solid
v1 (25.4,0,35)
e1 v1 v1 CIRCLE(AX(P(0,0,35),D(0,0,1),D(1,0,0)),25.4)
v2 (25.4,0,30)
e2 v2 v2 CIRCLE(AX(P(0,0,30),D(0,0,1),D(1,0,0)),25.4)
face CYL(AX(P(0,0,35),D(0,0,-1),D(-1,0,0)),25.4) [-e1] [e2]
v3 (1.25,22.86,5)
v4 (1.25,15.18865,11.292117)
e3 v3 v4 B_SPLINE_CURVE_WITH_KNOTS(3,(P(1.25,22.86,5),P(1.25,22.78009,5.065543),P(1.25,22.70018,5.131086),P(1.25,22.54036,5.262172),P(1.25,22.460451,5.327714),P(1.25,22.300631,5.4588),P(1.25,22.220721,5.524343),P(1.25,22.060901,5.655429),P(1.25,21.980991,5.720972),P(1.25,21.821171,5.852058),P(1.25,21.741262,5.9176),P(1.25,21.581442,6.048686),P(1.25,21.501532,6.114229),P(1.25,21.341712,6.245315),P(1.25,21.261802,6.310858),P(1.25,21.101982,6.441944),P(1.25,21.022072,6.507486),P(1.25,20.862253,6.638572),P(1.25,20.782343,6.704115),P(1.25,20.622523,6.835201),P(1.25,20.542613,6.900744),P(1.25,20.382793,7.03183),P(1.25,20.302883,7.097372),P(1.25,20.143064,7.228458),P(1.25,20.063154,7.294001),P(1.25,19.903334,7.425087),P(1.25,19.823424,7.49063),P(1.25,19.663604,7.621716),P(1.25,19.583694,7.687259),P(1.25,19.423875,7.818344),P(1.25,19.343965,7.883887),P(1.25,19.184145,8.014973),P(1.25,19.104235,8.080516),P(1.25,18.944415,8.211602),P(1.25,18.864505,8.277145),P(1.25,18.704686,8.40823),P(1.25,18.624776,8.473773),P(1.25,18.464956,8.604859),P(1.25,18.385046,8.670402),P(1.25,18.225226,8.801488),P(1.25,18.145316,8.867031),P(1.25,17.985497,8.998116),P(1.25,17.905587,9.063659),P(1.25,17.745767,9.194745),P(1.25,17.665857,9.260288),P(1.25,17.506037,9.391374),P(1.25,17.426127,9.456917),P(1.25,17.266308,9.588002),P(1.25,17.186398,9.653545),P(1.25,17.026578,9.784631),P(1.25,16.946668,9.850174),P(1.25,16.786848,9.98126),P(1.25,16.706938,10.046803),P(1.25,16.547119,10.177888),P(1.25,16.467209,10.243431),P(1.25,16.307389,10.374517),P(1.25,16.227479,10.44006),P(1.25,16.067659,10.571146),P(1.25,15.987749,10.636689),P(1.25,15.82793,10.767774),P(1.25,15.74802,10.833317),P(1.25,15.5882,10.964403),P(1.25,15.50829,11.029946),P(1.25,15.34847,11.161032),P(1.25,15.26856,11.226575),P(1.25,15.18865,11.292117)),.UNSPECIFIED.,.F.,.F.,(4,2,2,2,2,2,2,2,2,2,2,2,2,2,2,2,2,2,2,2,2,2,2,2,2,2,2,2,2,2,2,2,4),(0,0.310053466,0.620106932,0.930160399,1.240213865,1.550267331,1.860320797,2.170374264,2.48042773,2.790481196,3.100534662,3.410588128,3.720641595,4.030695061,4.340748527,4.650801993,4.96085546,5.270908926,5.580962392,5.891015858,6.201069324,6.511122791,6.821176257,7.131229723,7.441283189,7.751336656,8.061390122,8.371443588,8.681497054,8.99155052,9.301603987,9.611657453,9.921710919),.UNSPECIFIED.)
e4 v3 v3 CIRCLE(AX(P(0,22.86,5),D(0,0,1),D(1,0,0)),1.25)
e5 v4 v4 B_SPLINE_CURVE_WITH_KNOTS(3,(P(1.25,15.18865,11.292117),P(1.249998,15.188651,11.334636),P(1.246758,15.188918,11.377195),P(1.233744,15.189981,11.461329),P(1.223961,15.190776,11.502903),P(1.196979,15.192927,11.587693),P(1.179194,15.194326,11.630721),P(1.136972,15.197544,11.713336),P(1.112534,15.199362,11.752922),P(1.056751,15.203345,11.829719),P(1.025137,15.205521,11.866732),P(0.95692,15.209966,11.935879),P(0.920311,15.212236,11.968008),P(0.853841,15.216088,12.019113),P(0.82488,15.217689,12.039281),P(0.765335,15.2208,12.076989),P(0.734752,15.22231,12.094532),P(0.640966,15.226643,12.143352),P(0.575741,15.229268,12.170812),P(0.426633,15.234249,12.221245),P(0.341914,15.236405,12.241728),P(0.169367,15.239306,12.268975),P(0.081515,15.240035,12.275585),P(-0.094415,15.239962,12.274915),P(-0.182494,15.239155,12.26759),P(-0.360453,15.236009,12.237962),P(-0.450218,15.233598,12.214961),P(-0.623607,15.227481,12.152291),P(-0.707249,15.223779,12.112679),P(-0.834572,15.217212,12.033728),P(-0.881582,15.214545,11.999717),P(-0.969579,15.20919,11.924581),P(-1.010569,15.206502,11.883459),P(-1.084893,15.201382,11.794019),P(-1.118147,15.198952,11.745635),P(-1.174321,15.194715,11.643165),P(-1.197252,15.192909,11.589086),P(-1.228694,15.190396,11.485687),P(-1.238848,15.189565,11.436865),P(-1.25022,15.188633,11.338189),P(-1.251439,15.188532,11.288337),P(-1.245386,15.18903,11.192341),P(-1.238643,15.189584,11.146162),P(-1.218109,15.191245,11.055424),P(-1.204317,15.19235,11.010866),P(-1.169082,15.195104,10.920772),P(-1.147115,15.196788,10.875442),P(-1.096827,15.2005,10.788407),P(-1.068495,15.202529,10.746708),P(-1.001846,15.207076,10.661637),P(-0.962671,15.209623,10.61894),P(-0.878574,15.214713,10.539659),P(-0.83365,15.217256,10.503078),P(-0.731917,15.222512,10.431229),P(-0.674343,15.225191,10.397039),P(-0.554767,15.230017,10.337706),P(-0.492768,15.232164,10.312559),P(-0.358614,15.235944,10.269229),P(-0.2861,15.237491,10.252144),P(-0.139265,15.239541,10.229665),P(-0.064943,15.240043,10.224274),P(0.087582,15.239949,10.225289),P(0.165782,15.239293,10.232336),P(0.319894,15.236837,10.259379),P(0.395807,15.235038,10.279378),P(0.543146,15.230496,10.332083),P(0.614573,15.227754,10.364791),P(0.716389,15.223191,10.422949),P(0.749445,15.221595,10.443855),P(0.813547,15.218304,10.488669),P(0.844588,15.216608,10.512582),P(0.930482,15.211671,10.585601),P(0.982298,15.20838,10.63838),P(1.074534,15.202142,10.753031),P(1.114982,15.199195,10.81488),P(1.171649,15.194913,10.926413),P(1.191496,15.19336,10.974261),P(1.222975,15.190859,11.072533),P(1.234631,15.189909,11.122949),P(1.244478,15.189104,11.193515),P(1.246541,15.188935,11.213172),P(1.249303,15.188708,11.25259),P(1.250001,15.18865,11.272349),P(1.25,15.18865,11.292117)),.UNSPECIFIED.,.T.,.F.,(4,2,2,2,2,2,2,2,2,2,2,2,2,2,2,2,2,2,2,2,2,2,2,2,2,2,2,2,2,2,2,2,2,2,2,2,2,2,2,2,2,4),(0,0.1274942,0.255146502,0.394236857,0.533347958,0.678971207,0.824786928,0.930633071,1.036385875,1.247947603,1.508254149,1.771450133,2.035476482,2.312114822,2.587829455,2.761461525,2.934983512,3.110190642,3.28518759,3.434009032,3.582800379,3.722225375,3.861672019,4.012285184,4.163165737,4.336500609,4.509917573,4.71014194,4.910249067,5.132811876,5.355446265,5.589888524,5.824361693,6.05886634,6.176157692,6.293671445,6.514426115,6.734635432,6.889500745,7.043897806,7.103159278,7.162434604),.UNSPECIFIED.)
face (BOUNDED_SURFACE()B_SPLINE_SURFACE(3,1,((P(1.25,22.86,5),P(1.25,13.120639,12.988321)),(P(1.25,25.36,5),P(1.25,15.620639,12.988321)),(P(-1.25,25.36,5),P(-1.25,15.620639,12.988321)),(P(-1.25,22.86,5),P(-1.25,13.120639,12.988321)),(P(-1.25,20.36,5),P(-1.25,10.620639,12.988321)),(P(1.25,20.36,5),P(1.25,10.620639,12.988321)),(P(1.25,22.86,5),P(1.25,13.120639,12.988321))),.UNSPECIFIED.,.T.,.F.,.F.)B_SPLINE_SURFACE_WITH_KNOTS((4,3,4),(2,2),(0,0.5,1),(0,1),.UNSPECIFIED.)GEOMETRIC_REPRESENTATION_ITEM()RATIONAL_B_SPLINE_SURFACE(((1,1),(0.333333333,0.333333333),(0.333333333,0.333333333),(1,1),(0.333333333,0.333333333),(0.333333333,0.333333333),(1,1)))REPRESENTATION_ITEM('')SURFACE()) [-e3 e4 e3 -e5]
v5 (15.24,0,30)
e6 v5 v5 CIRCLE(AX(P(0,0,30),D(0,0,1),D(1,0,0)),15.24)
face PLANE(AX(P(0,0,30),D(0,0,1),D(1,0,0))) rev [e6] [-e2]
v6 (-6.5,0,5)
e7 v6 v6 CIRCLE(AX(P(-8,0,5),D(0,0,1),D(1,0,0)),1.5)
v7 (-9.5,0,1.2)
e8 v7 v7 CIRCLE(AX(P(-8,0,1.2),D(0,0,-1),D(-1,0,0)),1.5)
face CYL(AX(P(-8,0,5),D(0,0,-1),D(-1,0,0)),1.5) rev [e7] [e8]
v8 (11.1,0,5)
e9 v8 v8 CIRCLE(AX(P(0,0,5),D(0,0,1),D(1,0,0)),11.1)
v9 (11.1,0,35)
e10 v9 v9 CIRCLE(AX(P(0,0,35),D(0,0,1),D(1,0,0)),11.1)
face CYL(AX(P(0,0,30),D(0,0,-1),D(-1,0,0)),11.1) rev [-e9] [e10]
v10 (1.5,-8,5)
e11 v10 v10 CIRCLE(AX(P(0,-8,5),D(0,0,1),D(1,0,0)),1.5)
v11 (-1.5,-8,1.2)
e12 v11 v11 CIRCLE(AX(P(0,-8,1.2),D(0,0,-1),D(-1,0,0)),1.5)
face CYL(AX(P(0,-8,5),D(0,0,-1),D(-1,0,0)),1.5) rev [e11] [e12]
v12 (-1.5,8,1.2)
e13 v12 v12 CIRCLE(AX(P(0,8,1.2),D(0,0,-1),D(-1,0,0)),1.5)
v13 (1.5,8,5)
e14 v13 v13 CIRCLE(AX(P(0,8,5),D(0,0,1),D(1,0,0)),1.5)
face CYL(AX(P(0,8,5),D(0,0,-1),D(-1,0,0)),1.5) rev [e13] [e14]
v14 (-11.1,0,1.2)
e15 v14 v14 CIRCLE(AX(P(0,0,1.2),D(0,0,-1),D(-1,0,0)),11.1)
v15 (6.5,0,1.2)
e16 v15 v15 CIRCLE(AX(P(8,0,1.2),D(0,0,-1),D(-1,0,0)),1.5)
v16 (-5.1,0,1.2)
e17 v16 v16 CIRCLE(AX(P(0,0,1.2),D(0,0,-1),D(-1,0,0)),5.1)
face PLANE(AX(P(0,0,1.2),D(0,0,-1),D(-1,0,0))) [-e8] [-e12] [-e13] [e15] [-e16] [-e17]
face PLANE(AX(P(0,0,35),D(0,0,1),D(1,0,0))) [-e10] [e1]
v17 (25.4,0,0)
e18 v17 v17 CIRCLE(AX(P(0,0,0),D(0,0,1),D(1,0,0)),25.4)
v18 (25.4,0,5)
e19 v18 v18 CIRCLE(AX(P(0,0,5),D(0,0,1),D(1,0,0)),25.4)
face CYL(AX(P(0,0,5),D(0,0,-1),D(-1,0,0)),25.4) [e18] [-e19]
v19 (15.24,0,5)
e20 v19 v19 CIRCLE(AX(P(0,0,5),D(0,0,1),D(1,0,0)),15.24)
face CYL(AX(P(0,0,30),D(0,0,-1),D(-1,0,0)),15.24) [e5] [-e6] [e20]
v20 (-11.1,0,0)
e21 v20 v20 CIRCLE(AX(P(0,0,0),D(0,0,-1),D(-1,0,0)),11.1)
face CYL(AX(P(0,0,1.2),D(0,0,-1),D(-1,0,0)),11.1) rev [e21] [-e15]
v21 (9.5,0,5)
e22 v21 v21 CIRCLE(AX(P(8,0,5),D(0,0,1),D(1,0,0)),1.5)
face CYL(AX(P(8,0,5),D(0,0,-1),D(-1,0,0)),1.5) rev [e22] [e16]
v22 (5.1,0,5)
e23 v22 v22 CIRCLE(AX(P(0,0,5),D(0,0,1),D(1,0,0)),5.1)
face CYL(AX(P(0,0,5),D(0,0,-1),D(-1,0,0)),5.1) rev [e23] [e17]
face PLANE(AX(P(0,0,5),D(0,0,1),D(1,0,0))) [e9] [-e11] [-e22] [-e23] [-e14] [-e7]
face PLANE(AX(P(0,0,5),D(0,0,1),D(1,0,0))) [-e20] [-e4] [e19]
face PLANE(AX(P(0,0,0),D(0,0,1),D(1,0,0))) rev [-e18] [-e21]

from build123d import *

# Parameters (mm, degrees)
SKETCH1_R           = 15.24
SKETCH1_R_2         = 11.1
BOSS_EXTRUDE1_DEPTH = 30
SKETCH3_R           = 25.4
SKETCH3_R_2         = 5.1
SKETCH3_R_3         = 1.5
BOSS_EXTRUDE2_DEPTH = 5
SKETCH4_R           = 25.4
SKETCH4_R_2         = 11.1
BOSS_EXTRUDE3_DEPTH = 5
SKETCH5_R           = 11.1
CUT_EXTRUDE1_DEPTH  = 1.2
SKETCH10_R          = 1.25


with BuildPart() as part:
    # Sketch1 → Boss-Extrude1 (new body)
    with BuildSketch(Plane.XY):
        Circle(SKETCH1_R)
        Circle(SKETCH1_R_2, mode=Mode.SUBTRACT)
    extrude(amount=BOSS_EXTRUDE1_DEPTH)

    # Sketch3 → Boss-Extrude2 (add)
    with BuildSketch(Plane.XY):
        Circle(SKETCH3_R)
        Circle(SKETCH3_R_2, mode=Mode.SUBTRACT)
        with Locations((0, 8)):
            Circle(SKETCH3_R_3, mode=Mode.SUBTRACT)
        with Locations((8, 0)):
            Circle(SKETCH3_R_3, mode=Mode.SUBTRACT)
        with Locations((0, -8)):
            Circle(SKETCH3_R_3, mode=Mode.SUBTRACT)
        with Locations((-8, 0)):
            Circle(SKETCH3_R_3, mode=Mode.SUBTRACT)
    extrude(amount=BOSS_EXTRUDE2_DEPTH)

    # Sketch4 → Boss-Extrude3 (add)
    with BuildSketch(Plane.XY.offset(30)):
        Circle(SKETCH4_R)
        Circle(SKETCH4_R_2, mode=Mode.SUBTRACT)
    extrude(amount=BOSS_EXTRUDE3_DEPTH)

    # Sketch5 → Cut-Extrude1 (cut)
    with BuildSketch(Plane(origin=(0, 0, 0), x_dir=(-1, 0, 0), z_dir=(0, 0, -1))):
        with Locations(Location((0, 0, 0), (0, 0, 180))):
            Circle(SKETCH5_R)
    extrude(amount=-CUT_EXTRUDE1_DEPTH, mode=Mode.SUBTRACT)

    # Sweep3: sweep along a path in Sketch14
    with BuildLine(Plane(origin=(0, 0, 0), x_dir=(0, 0, -1), z_dir=(1, 0, 0))) as sweep3_path:
        Line((-5, 22.86), (-12.988321423, 13.120638521))
    # Sketch10 → Sweep3 (sweep)
    with BuildSketch(Plane.XY.offset(5)):
        with Locations((0, 22.86)):
            Circle(SKETCH10_R)
    sweep(path=sweep3_path.line)


solid = part.part
